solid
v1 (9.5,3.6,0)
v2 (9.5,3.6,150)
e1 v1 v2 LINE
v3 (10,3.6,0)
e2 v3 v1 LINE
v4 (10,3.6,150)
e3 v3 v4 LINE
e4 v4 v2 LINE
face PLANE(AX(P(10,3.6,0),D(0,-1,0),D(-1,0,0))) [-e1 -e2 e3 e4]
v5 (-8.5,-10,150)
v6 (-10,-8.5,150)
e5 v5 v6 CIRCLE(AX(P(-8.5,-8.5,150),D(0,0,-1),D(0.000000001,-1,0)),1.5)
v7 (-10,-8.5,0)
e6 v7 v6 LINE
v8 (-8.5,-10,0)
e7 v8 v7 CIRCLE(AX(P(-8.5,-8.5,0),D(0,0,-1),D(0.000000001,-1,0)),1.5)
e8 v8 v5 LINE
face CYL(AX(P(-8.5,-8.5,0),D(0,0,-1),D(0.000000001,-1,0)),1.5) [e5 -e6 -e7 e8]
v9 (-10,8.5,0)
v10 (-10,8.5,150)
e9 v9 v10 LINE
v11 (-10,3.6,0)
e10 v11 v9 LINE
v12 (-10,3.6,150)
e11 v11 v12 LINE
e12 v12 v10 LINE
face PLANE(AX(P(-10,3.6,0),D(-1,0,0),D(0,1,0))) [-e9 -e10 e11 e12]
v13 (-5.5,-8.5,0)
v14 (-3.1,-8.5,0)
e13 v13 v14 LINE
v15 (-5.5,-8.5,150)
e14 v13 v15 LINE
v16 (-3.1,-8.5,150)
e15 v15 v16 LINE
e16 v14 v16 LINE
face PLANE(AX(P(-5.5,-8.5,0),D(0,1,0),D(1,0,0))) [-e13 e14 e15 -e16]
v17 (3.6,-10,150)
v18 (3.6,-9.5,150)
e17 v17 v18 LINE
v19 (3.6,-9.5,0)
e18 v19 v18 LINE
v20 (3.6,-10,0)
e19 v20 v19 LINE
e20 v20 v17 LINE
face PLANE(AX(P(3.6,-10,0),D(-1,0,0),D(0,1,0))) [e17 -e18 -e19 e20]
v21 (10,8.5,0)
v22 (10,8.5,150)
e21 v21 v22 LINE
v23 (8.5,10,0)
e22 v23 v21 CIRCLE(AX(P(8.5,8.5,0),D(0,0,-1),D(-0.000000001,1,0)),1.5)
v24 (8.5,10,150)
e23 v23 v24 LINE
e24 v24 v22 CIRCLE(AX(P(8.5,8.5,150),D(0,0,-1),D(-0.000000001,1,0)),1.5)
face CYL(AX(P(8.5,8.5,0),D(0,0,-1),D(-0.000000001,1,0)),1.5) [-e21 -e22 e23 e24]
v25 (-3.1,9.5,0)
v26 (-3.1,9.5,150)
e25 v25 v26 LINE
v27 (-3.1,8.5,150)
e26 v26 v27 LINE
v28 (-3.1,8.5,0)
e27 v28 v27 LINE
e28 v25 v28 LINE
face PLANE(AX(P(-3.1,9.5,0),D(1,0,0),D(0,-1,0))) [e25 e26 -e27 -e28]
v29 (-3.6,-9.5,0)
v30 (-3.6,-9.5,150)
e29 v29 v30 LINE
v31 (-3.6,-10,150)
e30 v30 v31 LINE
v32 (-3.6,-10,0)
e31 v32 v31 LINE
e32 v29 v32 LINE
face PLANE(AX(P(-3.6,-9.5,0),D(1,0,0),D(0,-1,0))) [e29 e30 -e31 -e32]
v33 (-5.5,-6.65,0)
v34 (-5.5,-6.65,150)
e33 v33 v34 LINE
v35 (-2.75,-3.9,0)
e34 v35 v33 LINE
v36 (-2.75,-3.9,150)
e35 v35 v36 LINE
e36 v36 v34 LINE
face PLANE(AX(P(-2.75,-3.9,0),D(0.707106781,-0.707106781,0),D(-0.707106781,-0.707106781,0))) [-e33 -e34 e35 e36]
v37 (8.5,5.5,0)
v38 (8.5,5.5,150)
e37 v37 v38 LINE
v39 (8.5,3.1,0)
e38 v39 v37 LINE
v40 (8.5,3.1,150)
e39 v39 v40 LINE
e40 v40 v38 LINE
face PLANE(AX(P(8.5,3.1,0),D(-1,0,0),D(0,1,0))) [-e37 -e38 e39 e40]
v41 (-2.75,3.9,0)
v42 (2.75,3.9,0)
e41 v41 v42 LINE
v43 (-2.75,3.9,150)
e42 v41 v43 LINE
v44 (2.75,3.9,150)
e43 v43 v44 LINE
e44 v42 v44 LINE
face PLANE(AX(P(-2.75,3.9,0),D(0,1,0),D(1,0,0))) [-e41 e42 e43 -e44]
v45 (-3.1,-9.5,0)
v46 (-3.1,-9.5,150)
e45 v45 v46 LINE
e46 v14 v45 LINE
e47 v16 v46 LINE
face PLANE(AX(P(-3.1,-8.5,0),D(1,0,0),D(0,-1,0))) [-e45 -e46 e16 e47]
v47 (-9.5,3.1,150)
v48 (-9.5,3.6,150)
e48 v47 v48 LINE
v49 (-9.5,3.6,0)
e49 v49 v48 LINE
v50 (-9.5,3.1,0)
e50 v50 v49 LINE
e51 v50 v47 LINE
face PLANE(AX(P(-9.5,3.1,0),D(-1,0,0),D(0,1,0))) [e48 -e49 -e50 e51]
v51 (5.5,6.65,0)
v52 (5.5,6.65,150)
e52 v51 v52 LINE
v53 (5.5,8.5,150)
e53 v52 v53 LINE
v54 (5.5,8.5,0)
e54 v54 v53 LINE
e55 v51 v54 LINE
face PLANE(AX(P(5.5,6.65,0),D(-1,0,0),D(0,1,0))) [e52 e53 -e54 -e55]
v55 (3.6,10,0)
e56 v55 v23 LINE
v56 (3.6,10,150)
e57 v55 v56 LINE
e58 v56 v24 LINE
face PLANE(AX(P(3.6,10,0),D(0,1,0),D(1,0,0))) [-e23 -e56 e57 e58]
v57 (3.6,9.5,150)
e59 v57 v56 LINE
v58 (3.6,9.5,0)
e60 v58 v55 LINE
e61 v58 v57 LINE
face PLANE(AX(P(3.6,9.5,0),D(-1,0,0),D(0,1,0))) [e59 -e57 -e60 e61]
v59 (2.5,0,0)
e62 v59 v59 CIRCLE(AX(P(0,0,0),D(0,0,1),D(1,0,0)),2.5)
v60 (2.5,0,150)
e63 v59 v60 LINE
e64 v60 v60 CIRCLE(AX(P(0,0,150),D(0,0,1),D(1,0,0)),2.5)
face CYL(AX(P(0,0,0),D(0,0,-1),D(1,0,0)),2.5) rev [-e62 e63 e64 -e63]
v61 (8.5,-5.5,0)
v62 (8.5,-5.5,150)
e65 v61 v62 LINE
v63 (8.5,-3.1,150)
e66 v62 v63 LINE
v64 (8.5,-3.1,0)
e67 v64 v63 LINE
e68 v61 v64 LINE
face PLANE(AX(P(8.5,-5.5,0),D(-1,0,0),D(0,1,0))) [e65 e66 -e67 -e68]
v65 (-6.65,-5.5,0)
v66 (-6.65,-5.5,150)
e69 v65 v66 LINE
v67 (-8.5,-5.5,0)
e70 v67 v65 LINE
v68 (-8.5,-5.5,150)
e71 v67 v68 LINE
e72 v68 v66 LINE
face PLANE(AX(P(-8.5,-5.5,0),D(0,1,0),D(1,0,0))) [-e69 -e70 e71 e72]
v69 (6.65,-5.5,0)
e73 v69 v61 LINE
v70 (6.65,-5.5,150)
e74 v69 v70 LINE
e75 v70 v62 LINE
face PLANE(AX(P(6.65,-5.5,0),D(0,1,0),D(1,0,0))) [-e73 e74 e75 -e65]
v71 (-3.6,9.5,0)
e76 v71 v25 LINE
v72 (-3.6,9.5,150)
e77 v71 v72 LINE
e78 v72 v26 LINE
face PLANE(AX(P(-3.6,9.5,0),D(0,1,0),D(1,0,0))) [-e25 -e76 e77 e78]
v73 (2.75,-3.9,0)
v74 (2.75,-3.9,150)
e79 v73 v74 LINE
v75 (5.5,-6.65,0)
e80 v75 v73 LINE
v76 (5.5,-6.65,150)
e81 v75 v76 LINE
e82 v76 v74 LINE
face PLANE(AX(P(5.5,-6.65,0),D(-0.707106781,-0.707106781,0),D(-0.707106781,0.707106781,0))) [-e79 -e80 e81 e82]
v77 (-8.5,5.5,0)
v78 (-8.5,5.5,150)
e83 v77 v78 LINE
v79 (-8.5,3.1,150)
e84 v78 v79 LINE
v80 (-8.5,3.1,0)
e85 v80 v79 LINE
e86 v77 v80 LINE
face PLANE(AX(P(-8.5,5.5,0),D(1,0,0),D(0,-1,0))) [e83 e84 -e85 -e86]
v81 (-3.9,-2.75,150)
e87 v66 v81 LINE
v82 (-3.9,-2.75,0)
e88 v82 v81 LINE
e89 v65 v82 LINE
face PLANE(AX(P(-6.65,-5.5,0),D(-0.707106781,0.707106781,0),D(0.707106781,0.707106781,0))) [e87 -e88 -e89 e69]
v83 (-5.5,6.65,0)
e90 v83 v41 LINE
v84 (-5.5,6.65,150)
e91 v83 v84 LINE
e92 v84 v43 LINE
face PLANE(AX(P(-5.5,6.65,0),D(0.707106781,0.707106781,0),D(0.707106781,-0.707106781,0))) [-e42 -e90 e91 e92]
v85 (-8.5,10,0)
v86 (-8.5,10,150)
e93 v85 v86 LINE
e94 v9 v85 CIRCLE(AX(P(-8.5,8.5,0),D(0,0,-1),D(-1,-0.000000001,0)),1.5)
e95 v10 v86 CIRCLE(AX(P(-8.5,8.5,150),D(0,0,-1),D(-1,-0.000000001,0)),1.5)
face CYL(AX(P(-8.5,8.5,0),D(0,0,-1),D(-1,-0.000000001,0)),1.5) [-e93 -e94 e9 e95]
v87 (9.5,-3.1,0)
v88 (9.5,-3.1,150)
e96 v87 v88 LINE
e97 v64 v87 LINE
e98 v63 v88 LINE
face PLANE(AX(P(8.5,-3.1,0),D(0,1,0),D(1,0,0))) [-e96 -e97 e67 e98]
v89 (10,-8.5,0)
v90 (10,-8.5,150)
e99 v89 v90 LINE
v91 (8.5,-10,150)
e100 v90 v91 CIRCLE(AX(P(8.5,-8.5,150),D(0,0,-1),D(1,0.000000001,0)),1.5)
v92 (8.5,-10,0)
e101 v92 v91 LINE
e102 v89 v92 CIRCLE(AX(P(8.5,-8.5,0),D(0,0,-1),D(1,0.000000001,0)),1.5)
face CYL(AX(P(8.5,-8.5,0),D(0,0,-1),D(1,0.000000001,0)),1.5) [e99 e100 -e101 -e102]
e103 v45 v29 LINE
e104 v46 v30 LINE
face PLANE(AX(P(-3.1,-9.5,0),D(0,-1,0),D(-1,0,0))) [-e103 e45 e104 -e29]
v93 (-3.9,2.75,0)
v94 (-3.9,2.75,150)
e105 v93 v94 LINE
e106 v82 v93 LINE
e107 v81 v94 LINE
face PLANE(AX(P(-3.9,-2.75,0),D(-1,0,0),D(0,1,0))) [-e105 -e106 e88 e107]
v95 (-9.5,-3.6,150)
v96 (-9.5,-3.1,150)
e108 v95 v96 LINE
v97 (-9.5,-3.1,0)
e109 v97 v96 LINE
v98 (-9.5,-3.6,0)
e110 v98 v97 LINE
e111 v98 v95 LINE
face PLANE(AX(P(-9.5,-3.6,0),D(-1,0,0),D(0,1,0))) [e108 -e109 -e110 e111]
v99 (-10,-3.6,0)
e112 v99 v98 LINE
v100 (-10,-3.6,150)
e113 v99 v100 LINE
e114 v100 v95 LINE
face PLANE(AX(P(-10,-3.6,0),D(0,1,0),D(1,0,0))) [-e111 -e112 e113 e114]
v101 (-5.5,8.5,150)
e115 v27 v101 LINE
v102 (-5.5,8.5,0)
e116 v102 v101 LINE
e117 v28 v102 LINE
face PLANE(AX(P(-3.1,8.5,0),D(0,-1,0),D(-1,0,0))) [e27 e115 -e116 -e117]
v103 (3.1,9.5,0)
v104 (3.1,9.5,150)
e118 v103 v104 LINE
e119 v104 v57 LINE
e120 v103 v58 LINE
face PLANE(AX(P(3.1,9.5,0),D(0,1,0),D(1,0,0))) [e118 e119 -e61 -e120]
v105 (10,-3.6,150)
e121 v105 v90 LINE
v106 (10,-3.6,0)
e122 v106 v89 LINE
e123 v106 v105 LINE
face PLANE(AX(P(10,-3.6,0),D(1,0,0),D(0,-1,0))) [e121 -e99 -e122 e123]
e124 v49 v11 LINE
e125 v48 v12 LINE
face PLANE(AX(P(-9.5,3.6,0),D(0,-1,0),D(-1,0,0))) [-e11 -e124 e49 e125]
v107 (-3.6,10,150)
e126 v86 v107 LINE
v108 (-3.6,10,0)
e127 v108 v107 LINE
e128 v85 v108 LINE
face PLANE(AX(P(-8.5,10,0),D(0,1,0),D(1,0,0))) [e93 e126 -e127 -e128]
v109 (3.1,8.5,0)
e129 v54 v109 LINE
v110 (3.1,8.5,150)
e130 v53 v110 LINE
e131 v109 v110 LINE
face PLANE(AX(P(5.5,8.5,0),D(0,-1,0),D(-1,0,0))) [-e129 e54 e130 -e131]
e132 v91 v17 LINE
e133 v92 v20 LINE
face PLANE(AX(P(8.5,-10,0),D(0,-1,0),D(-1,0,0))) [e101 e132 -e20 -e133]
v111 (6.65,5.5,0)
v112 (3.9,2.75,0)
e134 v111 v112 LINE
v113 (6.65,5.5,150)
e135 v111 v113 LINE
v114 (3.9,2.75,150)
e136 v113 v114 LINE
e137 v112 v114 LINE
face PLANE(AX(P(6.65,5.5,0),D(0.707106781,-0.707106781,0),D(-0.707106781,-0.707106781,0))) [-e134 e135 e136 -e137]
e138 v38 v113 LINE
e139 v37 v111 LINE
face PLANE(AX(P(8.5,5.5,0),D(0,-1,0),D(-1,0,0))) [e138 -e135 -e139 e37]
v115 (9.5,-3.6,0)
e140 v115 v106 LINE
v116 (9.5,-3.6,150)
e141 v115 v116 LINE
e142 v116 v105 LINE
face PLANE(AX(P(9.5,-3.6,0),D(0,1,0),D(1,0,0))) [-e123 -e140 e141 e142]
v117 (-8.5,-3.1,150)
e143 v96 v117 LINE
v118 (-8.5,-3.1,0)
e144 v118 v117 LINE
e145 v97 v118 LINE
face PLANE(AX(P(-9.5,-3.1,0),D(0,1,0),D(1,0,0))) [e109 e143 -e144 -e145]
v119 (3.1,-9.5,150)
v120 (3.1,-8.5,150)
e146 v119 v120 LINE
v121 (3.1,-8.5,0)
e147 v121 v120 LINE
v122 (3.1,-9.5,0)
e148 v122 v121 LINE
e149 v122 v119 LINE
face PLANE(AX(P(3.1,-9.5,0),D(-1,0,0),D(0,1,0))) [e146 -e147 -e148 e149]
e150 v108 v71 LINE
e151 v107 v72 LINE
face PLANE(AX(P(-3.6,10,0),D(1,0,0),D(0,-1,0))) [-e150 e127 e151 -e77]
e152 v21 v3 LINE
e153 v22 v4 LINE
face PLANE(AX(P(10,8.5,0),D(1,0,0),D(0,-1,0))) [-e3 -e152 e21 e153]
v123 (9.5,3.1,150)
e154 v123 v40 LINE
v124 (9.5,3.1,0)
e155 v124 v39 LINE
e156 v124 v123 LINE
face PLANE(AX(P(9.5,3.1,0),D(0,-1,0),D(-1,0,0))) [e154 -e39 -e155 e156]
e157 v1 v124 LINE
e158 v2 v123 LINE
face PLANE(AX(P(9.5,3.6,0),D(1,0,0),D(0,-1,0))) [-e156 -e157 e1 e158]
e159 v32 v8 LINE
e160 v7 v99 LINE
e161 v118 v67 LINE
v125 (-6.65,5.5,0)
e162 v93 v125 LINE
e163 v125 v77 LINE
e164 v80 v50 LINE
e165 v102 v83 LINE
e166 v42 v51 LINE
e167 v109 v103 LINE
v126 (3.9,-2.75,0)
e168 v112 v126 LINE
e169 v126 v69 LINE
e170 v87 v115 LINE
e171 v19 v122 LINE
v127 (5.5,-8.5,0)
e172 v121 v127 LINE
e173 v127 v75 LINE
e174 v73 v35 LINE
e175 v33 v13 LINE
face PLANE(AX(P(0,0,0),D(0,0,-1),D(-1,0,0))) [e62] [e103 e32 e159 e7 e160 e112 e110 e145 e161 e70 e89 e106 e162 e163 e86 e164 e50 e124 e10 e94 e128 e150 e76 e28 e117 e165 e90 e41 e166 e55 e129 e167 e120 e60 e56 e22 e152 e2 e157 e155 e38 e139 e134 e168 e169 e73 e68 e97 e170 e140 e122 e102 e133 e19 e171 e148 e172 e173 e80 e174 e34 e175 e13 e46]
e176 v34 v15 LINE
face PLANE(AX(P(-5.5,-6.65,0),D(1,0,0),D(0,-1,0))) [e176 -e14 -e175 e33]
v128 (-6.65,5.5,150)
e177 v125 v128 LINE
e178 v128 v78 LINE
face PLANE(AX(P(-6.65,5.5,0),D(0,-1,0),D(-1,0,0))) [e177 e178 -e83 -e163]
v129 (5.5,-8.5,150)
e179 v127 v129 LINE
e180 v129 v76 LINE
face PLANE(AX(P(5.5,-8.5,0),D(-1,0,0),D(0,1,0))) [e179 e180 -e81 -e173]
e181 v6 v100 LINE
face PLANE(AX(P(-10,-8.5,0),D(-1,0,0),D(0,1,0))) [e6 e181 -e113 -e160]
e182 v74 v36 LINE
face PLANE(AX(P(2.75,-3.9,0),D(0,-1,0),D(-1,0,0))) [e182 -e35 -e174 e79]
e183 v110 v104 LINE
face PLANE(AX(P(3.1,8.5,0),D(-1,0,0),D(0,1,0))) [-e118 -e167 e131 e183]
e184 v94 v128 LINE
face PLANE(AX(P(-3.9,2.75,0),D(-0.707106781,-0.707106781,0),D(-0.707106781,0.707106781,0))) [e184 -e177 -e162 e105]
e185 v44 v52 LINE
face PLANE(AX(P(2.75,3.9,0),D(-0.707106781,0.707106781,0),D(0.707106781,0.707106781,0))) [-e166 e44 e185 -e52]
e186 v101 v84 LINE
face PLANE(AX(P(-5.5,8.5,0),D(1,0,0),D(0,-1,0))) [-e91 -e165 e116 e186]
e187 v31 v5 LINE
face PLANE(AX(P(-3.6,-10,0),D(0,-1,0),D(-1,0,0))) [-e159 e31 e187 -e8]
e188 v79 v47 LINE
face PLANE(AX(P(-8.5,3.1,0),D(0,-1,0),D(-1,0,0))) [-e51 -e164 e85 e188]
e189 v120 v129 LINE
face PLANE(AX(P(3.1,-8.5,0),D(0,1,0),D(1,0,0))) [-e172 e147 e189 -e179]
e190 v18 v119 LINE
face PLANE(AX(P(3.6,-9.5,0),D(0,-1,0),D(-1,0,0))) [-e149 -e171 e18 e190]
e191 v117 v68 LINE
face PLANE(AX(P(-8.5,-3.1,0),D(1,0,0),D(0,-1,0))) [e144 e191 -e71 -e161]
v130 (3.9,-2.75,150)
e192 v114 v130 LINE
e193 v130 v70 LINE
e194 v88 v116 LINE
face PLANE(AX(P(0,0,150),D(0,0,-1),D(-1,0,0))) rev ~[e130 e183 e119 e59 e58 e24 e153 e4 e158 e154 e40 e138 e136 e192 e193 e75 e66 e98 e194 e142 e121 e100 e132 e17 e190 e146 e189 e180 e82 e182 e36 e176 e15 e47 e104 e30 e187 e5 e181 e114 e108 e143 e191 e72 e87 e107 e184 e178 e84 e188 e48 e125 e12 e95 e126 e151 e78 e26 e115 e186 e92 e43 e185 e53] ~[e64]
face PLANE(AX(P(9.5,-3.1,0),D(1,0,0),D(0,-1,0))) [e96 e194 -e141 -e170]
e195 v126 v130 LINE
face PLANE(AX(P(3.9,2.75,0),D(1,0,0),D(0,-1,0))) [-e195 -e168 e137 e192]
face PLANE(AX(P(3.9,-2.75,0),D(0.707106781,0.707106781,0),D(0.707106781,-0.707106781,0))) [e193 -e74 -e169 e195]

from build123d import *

# Parameters (mm, degrees)
SKETCH_1_R      = 2.5
EXTRUDE_1_DEPTH = 150


with BuildPart() as part:
    # 草图1 → 凸台-拉伸1 (new body)
    with BuildSketch(Plane.XY):
        with BuildLine():
            Line((-3.6, 10), (-3.6, 9.5))
            Line((-3.6, 9.5), (-3.1, 9.5))
            Line((-3.1, 9.5), (-3.1, 8.5))
            Line((-3.1, 8.5), (-5.5, 8.5))
            Line((-5.5, 8.5), (-5.5, 6.65))
            Line((-5.5, 6.65), (-2.75, 3.9))
            Line((-2.75, 3.9), (2.75, 3.9))
            Line((2.75, 3.9), (5.5, 6.65))
            Line((5.5, 6.65), (5.5, 8.5))
            Line((5.5, 8.5), (3.1, 8.5))
            Line((3.1, 8.5), (3.1, 9.5))
            Line((3.1, 9.5), (3.6, 9.5))
            Line((3.6, 9.5), (3.6, 10))
            Line((3.6, 10), (8.5, 10))
            ThreePointArc((8.5, 10), (9.560660172, 9.560660172), (10, 8.5))
            Line((10, 8.5), (10, 3.6))
            Line((10, 3.6), (9.5, 3.6))
            Line((9.5, 3.6), (9.5, 3.1))
            Line((9.5, 3.1), (8.5, 3.1))
            Line((8.5, 3.1), (8.5, 5.5))
            Line((8.5, 5.5), (6.65, 5.5))
            Line((6.65, 5.5), (3.9, 2.75))
            Line((3.9, 2.75), (3.9, -2.75))
            Line((3.9, -2.75), (6.65, -5.5))
            Line((6.65, -5.5), (8.5, -5.5))
            Line((8.5, -5.5), (8.5, -3.1))
            Line((8.5, -3.1), (9.5, -3.1))
            Line((9.5, -3.1), (9.5, -3.6))
            Line((9.5, -3.6), (10, -3.6))
            Line((10, -3.6), (10, -8.5))
            ThreePointArc((10, -8.5), (9.560660172, -9.560660172), (8.5, -10))
            Line((8.5, -10), (3.6, -10))
            Line((3.6, -10), (3.6, -9.5))
            Line((3.6, -9.5), (3.1, -9.5))
            Line((3.1, -9.5), (3.1, -8.5))
            Line((3.1, -8.5), (5.5, -8.5))
            Line((5.5, -8.5), (5.5, -6.65))
            Line((5.5, -6.65), (2.75, -3.9))
            Line((2.75, -3.9), (-2.75, -3.9))
            Line((-2.75, -3.9), (-5.5, -6.65))
            Line((-5.5, -6.65), (-5.5, -8.5))
            Line((-5.5, -8.5), (-3.1, -8.5))
            Line((-3.1, -8.5), (-3.1, -9.5))
            Line((-3.1, -9.5), (-3.6, -9.5))
            Line((-3.6, -9.5), (-3.6, -10))
            Line((-3.6, -10), (-8.5, -10))
            ThreePointArc((-8.5, -10), (-9.560660172, -9.560660172), (-10, -8.5))
            Line((-10, -8.5), (-10, -3.6))
            Line((-10, -3.6), (-9.5, -3.6))
            Line((-9.5, -3.6), (-9.5, -3.1))
            Line((-9.5, -3.1), (-8.5, -3.1))
            Line((-8.5, -3.1), (-8.5, -5.5))
            Line((-8.5, -5.5), (-6.65, -5.5))
            Line((-6.65, -5.5), (-3.9, -2.75))
            Line((-3.9, -2.75), (-3.9, 2.75))
            Line((-3.9, 2.75), (-6.65, 5.5))
            Line((-6.65, 5.5), (-8.5, 5.5))
            Line((-8.5, 5.5), (-8.5, 3.1))
            Line((-8.5, 3.1), (-9.5, 3.1))
            Line((-9.5, 3.1), (-9.5, 3.6))
            Line((-9.5, 3.6), (-10, 3.6))
            Line((-10, 3.6), (-10, 8.5))
            ThreePointArc((-10, 8.5), (-9.560660172, 9.560660172), (-8.5, 10))
            Line((-8.5, 10), (-3.6, 10))
        make_face()
        Circle(SKETCH_1_R, mode=Mode.SUBTRACT)
    extrude(amount=EXTRUDE_1_DEPTH)


solid = part.part
